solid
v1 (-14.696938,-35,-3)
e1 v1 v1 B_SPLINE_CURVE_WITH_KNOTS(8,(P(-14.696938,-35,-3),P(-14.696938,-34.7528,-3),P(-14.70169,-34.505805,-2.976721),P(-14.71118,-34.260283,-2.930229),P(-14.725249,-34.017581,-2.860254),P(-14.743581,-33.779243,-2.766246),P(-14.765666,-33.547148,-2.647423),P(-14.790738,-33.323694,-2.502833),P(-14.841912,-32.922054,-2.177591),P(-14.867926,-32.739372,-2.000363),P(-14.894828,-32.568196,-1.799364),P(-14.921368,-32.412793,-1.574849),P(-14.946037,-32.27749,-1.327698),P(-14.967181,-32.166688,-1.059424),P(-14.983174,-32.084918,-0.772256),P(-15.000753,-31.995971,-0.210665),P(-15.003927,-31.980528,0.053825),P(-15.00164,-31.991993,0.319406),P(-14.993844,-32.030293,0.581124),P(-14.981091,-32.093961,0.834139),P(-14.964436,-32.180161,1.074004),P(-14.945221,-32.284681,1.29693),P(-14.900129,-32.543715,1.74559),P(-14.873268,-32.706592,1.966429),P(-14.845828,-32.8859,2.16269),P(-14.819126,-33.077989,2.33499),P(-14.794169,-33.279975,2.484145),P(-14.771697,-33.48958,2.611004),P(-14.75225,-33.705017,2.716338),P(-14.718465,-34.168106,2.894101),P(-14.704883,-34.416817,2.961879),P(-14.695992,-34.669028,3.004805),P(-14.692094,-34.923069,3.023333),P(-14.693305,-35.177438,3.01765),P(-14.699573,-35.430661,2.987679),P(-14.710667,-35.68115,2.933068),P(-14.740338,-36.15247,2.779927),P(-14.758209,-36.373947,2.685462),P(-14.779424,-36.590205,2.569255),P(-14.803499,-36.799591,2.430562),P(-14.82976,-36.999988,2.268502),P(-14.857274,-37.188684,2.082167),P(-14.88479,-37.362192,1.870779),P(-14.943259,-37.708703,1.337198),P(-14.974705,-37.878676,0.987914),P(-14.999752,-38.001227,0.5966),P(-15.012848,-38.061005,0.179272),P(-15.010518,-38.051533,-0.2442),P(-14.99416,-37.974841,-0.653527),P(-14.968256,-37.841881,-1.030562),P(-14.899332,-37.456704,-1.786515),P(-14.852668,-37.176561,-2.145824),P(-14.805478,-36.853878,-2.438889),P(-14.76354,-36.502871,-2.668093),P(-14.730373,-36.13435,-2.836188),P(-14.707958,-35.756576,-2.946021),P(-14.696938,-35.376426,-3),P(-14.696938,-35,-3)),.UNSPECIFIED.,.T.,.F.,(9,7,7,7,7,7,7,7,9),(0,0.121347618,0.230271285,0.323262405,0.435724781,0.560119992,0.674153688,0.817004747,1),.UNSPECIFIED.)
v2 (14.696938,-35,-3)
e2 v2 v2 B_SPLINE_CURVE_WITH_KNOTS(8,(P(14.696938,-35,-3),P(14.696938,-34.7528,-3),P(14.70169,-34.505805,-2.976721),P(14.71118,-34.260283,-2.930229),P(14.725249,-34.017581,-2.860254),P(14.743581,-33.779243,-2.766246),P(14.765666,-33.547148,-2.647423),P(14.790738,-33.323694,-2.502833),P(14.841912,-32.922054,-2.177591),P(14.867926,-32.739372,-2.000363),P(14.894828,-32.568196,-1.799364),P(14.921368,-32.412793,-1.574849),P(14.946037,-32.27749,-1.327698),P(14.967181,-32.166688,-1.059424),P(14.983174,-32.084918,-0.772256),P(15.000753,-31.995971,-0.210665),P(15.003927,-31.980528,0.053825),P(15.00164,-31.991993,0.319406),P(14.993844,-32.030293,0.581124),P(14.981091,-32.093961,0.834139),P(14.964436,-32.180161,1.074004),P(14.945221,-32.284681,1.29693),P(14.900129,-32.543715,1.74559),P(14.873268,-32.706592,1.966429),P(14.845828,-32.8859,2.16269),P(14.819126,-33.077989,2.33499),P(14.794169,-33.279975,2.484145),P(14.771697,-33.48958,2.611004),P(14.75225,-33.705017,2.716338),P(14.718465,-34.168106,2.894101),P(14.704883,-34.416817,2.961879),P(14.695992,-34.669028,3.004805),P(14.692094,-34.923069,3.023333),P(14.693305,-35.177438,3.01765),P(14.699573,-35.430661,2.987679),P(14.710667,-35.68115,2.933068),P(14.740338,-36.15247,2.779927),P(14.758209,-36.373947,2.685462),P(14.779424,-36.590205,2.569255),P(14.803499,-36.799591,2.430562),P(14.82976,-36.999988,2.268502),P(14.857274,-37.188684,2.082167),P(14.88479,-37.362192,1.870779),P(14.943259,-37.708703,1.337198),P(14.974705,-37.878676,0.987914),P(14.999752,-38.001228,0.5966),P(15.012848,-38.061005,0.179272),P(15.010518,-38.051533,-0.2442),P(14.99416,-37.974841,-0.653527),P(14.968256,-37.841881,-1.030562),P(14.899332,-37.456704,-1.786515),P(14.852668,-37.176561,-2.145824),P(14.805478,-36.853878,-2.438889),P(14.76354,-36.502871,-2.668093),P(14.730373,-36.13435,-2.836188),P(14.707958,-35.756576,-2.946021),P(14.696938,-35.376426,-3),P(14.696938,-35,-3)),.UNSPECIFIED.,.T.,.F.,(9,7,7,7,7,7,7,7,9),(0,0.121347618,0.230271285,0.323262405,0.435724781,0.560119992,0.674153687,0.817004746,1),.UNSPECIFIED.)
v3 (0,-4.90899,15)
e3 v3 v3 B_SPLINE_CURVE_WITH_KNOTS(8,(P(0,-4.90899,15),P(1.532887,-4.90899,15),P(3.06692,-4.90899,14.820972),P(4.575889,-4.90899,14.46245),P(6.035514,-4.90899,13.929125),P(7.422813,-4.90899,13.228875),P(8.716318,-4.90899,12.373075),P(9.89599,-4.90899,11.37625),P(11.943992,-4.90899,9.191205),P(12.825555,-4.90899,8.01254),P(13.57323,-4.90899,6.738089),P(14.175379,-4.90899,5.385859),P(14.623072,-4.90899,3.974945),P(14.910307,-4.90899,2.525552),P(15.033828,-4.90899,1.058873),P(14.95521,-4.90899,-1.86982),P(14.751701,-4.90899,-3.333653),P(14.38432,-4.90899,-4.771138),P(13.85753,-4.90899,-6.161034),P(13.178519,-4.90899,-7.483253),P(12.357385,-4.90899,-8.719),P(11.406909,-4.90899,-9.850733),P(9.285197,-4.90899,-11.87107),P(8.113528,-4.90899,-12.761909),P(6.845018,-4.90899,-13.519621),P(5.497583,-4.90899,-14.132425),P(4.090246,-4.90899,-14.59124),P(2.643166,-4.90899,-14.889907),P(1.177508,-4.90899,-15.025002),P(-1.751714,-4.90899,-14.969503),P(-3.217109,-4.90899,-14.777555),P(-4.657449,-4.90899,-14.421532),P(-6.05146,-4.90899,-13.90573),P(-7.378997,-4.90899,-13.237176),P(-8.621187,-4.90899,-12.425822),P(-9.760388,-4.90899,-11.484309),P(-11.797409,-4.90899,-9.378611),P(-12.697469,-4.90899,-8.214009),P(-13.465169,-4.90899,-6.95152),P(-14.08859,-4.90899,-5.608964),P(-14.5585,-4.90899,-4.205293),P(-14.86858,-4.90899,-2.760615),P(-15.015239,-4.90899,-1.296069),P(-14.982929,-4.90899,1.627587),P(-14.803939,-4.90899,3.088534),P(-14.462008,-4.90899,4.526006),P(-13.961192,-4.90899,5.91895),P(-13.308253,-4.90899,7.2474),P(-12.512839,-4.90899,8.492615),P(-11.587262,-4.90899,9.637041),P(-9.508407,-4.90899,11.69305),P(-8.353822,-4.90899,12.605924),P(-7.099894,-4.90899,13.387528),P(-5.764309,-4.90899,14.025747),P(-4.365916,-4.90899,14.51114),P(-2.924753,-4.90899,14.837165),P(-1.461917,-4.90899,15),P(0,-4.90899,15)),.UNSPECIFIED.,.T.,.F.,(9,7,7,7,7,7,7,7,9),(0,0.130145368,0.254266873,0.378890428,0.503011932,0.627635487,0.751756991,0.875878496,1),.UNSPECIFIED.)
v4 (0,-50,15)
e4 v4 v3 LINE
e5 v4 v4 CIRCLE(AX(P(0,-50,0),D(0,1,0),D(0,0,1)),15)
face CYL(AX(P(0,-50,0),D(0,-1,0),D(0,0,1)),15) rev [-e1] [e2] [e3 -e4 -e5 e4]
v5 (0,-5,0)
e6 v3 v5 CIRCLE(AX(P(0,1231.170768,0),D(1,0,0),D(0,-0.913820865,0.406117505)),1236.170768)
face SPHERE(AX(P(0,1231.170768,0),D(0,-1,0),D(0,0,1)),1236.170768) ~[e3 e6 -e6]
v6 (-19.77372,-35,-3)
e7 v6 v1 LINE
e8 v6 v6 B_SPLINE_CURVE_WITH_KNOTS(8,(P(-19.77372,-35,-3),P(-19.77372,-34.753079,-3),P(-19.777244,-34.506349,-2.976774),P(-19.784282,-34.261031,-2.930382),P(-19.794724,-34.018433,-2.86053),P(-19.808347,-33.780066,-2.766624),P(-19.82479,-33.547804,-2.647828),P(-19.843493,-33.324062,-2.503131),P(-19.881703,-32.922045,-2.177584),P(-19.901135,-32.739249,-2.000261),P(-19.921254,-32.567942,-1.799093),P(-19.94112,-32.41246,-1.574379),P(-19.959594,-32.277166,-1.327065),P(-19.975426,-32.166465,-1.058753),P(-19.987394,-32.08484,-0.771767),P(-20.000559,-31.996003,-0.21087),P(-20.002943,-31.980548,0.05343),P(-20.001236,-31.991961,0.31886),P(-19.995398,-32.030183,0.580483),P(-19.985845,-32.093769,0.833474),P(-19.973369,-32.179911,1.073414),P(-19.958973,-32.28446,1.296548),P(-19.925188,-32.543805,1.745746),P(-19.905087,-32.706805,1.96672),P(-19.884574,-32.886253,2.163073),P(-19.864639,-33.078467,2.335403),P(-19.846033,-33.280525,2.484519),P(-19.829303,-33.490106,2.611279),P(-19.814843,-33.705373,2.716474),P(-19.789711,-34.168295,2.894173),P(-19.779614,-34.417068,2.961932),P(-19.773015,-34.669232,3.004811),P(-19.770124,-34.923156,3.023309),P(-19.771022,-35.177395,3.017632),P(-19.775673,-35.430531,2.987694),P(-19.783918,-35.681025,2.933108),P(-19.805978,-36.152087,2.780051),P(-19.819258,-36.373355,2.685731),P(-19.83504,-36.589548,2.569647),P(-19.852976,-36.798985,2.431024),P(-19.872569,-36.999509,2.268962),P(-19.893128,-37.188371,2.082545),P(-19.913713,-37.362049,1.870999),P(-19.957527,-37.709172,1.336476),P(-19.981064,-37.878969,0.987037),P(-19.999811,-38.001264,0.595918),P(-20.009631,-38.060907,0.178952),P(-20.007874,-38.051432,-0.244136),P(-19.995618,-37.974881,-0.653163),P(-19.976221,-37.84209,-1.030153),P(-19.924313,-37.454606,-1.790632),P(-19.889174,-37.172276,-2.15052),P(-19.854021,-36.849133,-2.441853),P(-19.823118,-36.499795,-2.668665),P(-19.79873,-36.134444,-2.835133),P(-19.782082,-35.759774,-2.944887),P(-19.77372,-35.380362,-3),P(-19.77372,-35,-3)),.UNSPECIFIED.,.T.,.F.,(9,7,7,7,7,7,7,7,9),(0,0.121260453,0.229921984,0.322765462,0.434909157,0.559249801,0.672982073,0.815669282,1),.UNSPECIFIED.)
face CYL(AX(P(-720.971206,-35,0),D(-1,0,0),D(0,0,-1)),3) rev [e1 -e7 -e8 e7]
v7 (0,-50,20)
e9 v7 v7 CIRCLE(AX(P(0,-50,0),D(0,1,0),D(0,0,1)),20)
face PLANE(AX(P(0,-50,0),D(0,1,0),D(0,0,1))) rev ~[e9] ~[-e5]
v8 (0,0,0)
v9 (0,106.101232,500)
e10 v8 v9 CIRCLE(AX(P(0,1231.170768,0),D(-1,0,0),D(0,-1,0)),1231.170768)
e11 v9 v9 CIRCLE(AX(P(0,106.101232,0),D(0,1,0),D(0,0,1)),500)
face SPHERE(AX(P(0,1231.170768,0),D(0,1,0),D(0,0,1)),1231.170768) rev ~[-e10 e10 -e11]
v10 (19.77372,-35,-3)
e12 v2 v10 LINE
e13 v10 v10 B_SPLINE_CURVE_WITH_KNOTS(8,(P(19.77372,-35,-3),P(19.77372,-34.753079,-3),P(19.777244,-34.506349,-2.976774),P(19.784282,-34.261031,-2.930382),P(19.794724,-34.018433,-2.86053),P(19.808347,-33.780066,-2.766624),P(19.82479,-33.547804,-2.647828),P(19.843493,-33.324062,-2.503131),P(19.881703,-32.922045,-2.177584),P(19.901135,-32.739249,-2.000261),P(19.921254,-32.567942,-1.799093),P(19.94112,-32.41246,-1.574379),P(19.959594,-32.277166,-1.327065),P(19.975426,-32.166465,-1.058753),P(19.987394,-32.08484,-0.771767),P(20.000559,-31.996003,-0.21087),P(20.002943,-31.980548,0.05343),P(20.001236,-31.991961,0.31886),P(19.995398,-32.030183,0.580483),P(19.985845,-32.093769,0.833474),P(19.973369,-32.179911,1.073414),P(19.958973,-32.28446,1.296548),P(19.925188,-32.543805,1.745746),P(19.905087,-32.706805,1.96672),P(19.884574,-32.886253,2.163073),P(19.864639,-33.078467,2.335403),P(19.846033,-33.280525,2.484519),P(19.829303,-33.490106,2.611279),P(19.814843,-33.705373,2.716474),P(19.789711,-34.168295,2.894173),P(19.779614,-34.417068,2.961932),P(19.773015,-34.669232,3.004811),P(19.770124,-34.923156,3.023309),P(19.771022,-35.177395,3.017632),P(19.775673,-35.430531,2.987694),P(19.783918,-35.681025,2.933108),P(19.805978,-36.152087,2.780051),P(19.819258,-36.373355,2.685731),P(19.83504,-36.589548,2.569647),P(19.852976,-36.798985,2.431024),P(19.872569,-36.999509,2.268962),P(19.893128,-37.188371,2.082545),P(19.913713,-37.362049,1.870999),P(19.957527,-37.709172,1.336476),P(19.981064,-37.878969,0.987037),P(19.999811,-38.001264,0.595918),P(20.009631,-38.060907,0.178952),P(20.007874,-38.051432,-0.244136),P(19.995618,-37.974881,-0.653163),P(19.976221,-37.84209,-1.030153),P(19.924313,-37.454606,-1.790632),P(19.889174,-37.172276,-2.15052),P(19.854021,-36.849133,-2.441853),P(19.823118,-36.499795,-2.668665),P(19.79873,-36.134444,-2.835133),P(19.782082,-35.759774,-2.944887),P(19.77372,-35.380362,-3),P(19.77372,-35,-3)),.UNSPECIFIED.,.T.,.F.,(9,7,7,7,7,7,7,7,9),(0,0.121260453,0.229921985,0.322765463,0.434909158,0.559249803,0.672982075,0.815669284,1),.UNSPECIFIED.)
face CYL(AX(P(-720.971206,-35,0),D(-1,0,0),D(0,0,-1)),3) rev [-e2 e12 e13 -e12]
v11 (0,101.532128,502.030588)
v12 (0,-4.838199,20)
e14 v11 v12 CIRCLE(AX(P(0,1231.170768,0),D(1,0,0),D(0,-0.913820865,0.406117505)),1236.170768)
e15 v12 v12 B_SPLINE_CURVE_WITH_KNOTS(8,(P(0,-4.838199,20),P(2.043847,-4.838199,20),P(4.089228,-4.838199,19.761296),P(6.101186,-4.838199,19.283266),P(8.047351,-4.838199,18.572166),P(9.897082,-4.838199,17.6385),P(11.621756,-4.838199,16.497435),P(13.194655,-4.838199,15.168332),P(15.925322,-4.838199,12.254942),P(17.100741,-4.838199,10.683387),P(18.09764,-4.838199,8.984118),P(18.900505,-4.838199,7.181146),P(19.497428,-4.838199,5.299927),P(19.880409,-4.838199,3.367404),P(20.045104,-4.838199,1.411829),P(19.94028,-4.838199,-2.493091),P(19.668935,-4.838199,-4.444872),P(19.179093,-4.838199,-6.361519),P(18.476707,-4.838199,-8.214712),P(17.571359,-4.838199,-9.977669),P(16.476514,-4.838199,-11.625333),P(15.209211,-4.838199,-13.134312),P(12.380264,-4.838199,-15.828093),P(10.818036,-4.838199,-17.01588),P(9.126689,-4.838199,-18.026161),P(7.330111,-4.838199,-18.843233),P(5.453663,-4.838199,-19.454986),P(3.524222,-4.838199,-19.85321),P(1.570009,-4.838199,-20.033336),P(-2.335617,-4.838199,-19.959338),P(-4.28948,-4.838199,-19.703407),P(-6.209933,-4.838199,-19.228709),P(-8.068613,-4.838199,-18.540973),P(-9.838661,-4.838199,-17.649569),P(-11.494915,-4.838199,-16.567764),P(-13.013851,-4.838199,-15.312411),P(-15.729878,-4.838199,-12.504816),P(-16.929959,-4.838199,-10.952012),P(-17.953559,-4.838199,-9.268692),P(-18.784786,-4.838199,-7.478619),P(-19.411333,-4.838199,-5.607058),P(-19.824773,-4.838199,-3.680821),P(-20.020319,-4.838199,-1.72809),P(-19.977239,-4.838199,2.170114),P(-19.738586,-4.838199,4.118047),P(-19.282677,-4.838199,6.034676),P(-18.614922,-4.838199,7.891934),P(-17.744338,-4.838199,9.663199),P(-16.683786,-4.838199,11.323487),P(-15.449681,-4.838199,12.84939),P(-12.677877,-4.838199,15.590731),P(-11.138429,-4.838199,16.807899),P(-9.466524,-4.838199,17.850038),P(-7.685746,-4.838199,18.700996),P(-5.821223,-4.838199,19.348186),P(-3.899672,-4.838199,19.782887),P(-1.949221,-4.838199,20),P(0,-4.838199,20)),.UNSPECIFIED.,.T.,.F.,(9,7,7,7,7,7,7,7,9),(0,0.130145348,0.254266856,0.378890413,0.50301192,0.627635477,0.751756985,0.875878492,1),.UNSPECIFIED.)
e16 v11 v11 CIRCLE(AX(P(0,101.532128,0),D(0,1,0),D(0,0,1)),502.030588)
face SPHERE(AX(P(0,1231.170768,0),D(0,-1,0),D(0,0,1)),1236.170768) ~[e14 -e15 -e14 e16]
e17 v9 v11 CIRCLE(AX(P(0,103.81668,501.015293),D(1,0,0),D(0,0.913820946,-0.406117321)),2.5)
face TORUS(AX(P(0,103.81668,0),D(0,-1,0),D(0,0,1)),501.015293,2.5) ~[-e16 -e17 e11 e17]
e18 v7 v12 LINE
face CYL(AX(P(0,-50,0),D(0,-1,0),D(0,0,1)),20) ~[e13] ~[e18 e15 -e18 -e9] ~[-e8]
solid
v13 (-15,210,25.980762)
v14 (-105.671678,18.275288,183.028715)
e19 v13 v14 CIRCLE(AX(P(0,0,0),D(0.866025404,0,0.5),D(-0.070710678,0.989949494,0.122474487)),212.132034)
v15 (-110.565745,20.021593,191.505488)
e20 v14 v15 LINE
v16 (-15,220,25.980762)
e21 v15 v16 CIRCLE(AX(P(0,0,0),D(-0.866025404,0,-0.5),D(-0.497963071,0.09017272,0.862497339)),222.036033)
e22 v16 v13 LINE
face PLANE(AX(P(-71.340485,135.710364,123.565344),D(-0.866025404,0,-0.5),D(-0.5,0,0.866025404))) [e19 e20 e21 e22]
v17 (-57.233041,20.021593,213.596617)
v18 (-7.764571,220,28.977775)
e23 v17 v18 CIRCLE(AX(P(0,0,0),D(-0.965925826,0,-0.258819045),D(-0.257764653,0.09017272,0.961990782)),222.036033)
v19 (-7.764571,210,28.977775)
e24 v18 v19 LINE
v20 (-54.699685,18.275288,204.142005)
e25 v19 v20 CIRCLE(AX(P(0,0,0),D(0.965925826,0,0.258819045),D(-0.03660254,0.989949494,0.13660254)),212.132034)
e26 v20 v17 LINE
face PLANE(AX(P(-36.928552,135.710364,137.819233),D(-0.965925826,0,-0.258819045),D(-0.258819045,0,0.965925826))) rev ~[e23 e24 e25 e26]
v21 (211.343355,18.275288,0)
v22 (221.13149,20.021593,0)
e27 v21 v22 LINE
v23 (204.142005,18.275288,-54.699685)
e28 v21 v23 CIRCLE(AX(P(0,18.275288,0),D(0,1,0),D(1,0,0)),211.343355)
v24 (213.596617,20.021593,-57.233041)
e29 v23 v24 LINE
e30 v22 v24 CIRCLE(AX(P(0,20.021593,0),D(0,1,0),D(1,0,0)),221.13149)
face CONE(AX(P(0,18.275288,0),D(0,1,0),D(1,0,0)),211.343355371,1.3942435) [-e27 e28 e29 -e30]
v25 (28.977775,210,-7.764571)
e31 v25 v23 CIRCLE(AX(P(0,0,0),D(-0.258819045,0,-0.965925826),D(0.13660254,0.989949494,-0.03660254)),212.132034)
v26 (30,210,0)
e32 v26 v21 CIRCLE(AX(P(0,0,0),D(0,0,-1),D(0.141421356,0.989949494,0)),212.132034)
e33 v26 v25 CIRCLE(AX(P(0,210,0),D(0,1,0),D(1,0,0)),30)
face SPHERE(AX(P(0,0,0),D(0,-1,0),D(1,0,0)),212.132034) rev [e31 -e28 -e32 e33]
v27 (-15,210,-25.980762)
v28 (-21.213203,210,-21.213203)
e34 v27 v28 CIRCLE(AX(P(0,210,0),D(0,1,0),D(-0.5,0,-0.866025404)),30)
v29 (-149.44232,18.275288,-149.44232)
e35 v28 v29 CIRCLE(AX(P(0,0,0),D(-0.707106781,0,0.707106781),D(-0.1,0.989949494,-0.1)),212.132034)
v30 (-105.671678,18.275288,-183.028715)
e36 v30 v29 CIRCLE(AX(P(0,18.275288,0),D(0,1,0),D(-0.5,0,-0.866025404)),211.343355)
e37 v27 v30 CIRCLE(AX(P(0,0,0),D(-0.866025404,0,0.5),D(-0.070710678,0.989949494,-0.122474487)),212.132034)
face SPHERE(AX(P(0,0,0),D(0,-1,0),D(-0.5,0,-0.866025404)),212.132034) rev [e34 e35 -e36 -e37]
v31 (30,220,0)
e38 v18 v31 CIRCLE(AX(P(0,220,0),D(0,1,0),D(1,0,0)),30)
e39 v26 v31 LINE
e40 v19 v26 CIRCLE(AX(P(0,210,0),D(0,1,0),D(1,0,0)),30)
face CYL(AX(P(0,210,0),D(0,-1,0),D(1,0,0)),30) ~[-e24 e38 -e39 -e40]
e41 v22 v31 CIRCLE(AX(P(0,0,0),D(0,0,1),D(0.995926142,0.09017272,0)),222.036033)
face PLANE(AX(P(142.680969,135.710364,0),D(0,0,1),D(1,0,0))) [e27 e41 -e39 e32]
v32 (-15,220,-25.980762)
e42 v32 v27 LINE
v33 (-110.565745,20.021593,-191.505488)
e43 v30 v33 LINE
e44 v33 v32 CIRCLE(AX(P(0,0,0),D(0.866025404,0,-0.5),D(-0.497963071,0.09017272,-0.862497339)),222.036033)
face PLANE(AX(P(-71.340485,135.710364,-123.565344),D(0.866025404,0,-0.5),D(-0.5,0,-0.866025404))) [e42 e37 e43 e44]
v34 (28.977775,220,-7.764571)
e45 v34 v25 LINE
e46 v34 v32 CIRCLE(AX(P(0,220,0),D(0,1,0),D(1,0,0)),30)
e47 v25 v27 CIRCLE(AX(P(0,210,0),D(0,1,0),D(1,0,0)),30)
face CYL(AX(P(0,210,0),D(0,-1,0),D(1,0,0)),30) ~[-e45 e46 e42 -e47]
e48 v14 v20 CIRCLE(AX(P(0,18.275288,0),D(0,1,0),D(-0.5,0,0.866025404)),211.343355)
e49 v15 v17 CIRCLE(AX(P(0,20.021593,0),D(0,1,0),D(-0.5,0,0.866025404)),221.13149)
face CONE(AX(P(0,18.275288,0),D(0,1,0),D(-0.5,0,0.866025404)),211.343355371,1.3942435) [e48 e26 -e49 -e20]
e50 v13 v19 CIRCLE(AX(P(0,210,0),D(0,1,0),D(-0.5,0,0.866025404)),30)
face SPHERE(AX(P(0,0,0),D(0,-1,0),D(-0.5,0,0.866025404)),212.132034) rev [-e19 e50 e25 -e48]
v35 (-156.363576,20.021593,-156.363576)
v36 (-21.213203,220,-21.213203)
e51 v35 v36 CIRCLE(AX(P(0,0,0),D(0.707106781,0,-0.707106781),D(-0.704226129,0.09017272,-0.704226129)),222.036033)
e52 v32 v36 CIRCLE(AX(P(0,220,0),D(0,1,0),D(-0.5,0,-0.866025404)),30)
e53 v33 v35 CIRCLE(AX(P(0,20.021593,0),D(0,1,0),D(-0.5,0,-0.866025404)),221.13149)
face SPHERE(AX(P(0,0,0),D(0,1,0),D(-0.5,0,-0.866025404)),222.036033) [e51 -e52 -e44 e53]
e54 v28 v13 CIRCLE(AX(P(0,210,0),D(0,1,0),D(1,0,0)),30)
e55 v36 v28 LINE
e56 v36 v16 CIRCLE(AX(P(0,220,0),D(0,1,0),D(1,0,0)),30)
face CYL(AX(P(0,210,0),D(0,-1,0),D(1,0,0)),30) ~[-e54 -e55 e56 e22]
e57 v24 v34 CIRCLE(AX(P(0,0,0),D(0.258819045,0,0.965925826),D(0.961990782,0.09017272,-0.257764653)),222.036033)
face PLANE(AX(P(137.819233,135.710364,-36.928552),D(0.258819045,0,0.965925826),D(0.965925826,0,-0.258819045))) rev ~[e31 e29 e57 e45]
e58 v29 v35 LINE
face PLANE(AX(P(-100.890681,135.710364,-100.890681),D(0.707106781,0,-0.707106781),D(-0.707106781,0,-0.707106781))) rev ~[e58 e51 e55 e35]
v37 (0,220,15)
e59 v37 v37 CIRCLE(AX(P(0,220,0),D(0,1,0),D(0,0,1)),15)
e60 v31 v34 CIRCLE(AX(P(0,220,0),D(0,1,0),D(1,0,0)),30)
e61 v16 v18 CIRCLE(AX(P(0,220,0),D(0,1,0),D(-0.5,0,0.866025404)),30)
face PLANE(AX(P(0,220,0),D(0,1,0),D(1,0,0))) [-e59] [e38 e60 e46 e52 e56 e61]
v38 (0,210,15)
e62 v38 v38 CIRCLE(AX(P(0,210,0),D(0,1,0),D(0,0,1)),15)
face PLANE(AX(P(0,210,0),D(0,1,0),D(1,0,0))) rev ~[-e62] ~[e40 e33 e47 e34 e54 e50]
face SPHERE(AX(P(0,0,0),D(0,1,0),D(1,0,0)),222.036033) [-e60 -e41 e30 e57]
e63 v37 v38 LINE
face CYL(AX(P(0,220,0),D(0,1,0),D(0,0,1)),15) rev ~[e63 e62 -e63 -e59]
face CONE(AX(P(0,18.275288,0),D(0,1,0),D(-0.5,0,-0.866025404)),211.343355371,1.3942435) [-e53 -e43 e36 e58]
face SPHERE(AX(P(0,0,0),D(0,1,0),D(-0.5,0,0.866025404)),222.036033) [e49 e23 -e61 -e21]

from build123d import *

# Parameters (mm, degrees)
BOSS_EXTRUDE1_DEPTH      = 0.0001
BOSS_EXTRUDE1_DEPTH_BACK = 50
SKETCH2_R                = 20
SKETCH2_R_2              = 15
CUT_EXTRUDE1_DEPTH       = 720.971206266
CUT_EXTRUDE1_DEPTH_BACK  = 720.971206266
SKETCH3_R                = 3
SKETCH8_R                = 30
BOSS_EXTRUDE6_DEPTH      = 10
REVOLVE6_ANGLE           = 15
CIRPATTERN2_COUNT        = 3
SKETCH10_R               = 15
CUT_EXTRUDE2_DEPTH       = 10


with BuildPart() as part:
    # Sketch1 → Revolve1 (revolve)
    with BuildSketch(Plane.XY):
        with BuildLine():
            Line((0, -5), (0, 0))
            ThreePointArc((0, 0), (255.566758163, 26.817376298), (500, 106.101232375))
            ThreePointArc((500, 106.101232375), (503.299845465, 104.831973771), (502.030587523, 101.532128052))
            ThreePointArc((502.030587523, 101.532128052), (256.604659504, 21.926286358), (0, -5))
        make_face()
    revolve(axis=Axis((0, 0, 0), (0, 1, 0)))

    # Sketch2 → Boss-Extrude1 (add, two sides: drawn at the far end of the back side and taken through both)
    with BuildSketch(Plane(origin=(0, 0, 0), x_dir=(1, 0, 0), z_dir=(0, 1, 0)).offset(-BOSS_EXTRUDE1_DEPTH_BACK)):
        Circle(SKETCH2_R)
        Circle(SKETCH2_R_2, mode=Mode.SUBTRACT)
    extrude(amount=BOSS_EXTRUDE1_DEPTH + BOSS_EXTRUDE1_DEPTH_BACK)

    # Sketch3 → Cut-Extrude1 (cut, two sides: drawn at the far end of the back side and taken through both)
    with BuildSketch(Plane(origin=(0, 0, 0), x_dir=(0, 0, -1), z_dir=(1, 0, 0)).offset(-CUT_EXTRUDE1_DEPTH_BACK)):
        with Locations((0, -35)):
            Circle(SKETCH3_R)
    extrude(amount=CUT_EXTRUDE1_DEPTH + CUT_EXTRUDE1_DEPTH_BACK, mode=Mode.SUBTRACT)


with BuildPart() as body_2:
    # Sketch8 → Boss-Extrude6 (new body)
    with BuildSketch(Plane(origin=(0, 210, 0), x_dir=(1, 0, 0), z_dir=(0, 1, 0))):
        Circle(SKETCH8_R)
    extrude(amount=BOSS_EXTRUDE6_DEPTH)

    # Sketch9 → Revolve6 (revolve)
    with BuildSketch(Plane.XY):
        with BuildLine():
            Line((30, 220), (30, 210))
            ThreePointArc((30, 210), (154.114389729, 145.769526577), (211.343355371, 18.275287705))
            Line((211.343355371, 18.275287705), (221.131489876, 20.021592974))
            ThreePointArc((221.131489876, 20.021592974), (160.513541862, 153.41252517), (30, 220))
        make_face()
    revolve6 = revolve(axis=Axis((0, 0, 0), (0, 1, 0)), revolution_arc=REVOLVE6_ANGLE)

    # CirPattern2: Revolve6 ×3 about axis
    cirpattern2_axis = Axis((0, 0, 0), (0, 1, 0))
    for i in range(1, CIRPATTERN2_COUNT):
        add(revolve6.rotate(cirpattern2_axis, i * 360 / CIRPATTERN2_COUNT))

    # Sketch10 → Cut-Extrude2 (cut)
    with BuildSketch(Plane(origin=(0, 220, 0), x_dir=(1, 0, 0), z_dir=(0, 1, 0))):
        Circle(SKETCH10_R)
    extrude(amount=-CUT_EXTRUDE2_DEPTH, mode=Mode.SUBTRACT)


solid = Compound([part.part, body_2.part])
